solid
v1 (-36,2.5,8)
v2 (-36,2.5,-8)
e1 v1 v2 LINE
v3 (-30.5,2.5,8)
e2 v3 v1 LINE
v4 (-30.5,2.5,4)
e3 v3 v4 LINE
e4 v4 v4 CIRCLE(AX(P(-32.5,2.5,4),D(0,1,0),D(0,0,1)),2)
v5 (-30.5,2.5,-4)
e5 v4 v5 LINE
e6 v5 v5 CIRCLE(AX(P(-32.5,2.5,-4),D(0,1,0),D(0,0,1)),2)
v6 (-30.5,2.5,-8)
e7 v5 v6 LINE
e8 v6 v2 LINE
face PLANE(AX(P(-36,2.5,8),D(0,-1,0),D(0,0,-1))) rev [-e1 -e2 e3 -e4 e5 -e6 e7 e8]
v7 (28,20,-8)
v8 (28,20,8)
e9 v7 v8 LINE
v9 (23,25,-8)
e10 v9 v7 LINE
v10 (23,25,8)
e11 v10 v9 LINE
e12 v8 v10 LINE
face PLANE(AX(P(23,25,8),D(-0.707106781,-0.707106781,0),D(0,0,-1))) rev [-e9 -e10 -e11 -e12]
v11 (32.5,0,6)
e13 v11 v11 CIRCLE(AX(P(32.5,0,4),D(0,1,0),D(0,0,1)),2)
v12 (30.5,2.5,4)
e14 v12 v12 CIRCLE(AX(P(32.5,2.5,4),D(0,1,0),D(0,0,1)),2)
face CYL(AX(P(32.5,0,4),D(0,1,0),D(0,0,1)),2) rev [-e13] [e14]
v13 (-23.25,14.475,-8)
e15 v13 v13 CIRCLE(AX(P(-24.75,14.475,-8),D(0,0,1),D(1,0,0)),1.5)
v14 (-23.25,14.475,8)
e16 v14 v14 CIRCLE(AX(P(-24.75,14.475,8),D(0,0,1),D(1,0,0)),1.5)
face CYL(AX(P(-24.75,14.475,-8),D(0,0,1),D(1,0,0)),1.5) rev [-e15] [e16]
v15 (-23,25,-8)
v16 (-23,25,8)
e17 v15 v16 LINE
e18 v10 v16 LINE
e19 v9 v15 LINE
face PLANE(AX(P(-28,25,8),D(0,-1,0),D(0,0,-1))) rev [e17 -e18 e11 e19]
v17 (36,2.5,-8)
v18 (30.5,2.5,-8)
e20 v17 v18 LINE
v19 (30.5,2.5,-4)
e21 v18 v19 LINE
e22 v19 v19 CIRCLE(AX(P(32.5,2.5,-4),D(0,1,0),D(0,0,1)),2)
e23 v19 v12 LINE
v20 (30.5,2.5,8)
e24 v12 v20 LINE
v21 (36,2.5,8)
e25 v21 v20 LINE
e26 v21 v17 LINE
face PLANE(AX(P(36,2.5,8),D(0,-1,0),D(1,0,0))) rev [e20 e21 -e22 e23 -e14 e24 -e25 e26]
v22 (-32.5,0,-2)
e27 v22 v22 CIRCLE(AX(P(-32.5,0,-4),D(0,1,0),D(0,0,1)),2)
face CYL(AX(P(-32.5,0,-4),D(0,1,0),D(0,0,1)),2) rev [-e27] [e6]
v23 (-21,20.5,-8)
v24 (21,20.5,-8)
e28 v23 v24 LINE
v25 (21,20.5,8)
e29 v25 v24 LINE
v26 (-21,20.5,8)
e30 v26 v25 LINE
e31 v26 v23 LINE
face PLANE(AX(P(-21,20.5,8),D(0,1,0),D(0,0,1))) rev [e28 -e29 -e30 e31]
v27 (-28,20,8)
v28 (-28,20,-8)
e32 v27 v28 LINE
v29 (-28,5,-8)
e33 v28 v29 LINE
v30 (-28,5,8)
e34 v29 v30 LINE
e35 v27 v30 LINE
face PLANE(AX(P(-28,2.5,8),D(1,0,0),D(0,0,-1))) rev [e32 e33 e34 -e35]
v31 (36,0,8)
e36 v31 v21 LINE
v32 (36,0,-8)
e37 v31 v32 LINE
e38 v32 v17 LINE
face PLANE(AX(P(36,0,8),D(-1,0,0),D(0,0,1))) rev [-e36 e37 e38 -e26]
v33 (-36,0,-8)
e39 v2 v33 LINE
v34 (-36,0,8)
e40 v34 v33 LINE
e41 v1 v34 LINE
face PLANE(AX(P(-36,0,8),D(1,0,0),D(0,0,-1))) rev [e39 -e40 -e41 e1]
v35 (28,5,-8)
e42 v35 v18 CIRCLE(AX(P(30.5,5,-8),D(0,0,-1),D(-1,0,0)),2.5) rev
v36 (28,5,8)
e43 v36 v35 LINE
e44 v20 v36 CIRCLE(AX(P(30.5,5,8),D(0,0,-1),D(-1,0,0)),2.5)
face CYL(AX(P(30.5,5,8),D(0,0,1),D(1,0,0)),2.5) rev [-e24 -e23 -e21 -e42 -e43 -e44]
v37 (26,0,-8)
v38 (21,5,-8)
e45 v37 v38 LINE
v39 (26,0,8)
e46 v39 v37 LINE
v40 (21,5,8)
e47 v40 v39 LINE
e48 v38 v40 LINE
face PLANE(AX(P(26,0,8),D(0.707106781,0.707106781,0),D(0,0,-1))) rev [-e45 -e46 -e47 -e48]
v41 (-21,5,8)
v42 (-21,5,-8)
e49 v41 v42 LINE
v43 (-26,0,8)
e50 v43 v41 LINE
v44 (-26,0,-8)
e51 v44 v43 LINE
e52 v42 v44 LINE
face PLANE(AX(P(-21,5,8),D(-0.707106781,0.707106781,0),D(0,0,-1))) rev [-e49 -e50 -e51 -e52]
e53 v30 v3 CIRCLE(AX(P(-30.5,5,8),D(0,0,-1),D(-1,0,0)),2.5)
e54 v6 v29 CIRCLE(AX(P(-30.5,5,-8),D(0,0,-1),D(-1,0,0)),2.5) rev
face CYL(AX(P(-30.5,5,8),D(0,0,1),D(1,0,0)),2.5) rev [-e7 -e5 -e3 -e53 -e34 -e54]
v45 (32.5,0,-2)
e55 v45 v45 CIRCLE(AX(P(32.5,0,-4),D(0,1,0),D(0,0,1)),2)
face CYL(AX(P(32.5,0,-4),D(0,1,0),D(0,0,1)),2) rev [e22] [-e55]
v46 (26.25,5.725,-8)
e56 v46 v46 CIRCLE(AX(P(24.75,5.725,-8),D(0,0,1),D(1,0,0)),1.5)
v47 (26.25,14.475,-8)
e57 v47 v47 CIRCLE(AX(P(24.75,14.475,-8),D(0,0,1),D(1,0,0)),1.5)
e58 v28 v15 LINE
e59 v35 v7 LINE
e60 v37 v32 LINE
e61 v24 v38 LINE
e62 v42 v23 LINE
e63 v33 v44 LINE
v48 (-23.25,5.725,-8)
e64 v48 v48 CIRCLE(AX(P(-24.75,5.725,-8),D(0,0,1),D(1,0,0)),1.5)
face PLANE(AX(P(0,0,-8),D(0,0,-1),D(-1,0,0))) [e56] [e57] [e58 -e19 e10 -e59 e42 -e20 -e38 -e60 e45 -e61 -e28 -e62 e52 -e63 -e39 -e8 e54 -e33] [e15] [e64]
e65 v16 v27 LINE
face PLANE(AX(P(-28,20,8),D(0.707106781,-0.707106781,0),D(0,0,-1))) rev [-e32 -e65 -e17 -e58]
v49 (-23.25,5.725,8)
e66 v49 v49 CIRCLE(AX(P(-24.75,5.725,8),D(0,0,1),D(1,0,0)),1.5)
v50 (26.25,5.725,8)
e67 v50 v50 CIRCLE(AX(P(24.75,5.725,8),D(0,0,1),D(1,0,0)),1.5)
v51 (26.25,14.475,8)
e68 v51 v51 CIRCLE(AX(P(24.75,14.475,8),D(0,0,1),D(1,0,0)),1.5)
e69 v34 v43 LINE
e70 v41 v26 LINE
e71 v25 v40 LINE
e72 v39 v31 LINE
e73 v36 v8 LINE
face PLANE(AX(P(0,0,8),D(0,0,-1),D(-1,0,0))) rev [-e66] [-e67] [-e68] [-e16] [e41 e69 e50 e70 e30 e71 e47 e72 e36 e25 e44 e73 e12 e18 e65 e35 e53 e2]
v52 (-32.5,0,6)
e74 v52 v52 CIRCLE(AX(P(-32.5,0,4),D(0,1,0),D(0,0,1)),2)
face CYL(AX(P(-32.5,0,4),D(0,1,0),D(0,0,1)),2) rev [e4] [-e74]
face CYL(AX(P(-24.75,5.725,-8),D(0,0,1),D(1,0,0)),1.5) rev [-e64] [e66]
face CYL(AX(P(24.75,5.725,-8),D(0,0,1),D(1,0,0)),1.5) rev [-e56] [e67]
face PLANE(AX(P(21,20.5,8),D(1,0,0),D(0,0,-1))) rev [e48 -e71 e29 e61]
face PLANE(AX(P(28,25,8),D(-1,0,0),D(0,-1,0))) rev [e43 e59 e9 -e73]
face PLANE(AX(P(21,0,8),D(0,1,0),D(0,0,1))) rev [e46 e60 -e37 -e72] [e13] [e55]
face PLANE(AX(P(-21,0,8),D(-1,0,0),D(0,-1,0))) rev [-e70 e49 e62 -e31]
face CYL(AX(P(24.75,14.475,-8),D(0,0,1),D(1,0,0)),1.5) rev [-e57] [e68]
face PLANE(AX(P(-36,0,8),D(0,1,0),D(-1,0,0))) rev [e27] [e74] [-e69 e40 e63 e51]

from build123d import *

# Parameters (mm, degrees)
BOSS_EXTRUDE1_DEPTH = 8
CHAMFER5_SIZE       = 5
FILLET1_R           = 2.5
SKETCH2_R           = 1.5
CUT_EXTRUDE1_DEPTH  = 47.658332589
SKETCH3_R           = 2
CUT_EXTRUDE2_DEPTH  = 44.200115741


with BuildPart() as part:
    # Sketch1 → Boss-Extrude1 (new, symmetric)
    with BuildSketch(Plane.XY):
        Polygon((-36, 0), (-21, 0), (-21, 20.5), (21, 20.5), (21, 0), (36, 0), (36, 2.5), (28, 2.5), (28, 25), (-28, 25), (-28, 2.5), (-36, 2.5), align=None)
    extrude(amount=BOSS_EXTRUDE1_DEPTH, both=True)

    # Chamfer5
    chamfer5_edges = [part.edges().sort_by_distance(p)[0] for p in [
        (-28, 25, 0),
        (28, 25, 0),
        (21, 0, 0),
        (-21, 0, 0),
    ]]
    chamfer(chamfer5_edges, length=CHAMFER5_SIZE)

    # Fillet1
    fillet1_edges = [part.edges().sort_by_distance(p)[0] for p in [
        (-28, 2.5, 0),
        (28, 2.5, 0),
    ]]
    fillet(fillet1_edges, radius=FILLET1_R)

    # Sketch2 → Cut-Extrude1 (cut, through all)
    with BuildSketch(Plane.XY.offset(8)):
        with Locations((-24.75, 14.475)):
            Circle(SKETCH2_R)
        with Locations((-24.75, 5.725)):
            Circle(SKETCH2_R)
        with Locations((24.75, 14.475)):
            Circle(SKETCH2_R)
        with Locations((24.75, 5.725)):
            Circle(SKETCH2_R)
    extrude(amount=-CUT_EXTRUDE1_DEPTH, mode=Mode.SUBTRACT)

    # Sketch3 → Cut-Extrude2 (cut, through all)
    with BuildSketch(Plane(origin=(0, 2.5, 0), x_dir=(1, 0, 0), z_dir=(0, 1, 0))):
        with Locations(Location((32.5, 4, 0), (0, 0, 270))):
            Circle(SKETCH3_R)
        with Locations(Location((32.5, -4, 0), (0, 0, 270))):
            Circle(SKETCH3_R)
        with Locations(Location((-32.5, 4, 0), (0, 0, 270))):
            Circle(SKETCH3_R)
        with Locations(Location((-32.5, -4, 0), (0, 0, 270))):
            Circle(SKETCH3_R)
    extrude(amount=-CUT_EXTRUDE2_DEPTH, mode=Mode.SUBTRACT)


solid = part.part
